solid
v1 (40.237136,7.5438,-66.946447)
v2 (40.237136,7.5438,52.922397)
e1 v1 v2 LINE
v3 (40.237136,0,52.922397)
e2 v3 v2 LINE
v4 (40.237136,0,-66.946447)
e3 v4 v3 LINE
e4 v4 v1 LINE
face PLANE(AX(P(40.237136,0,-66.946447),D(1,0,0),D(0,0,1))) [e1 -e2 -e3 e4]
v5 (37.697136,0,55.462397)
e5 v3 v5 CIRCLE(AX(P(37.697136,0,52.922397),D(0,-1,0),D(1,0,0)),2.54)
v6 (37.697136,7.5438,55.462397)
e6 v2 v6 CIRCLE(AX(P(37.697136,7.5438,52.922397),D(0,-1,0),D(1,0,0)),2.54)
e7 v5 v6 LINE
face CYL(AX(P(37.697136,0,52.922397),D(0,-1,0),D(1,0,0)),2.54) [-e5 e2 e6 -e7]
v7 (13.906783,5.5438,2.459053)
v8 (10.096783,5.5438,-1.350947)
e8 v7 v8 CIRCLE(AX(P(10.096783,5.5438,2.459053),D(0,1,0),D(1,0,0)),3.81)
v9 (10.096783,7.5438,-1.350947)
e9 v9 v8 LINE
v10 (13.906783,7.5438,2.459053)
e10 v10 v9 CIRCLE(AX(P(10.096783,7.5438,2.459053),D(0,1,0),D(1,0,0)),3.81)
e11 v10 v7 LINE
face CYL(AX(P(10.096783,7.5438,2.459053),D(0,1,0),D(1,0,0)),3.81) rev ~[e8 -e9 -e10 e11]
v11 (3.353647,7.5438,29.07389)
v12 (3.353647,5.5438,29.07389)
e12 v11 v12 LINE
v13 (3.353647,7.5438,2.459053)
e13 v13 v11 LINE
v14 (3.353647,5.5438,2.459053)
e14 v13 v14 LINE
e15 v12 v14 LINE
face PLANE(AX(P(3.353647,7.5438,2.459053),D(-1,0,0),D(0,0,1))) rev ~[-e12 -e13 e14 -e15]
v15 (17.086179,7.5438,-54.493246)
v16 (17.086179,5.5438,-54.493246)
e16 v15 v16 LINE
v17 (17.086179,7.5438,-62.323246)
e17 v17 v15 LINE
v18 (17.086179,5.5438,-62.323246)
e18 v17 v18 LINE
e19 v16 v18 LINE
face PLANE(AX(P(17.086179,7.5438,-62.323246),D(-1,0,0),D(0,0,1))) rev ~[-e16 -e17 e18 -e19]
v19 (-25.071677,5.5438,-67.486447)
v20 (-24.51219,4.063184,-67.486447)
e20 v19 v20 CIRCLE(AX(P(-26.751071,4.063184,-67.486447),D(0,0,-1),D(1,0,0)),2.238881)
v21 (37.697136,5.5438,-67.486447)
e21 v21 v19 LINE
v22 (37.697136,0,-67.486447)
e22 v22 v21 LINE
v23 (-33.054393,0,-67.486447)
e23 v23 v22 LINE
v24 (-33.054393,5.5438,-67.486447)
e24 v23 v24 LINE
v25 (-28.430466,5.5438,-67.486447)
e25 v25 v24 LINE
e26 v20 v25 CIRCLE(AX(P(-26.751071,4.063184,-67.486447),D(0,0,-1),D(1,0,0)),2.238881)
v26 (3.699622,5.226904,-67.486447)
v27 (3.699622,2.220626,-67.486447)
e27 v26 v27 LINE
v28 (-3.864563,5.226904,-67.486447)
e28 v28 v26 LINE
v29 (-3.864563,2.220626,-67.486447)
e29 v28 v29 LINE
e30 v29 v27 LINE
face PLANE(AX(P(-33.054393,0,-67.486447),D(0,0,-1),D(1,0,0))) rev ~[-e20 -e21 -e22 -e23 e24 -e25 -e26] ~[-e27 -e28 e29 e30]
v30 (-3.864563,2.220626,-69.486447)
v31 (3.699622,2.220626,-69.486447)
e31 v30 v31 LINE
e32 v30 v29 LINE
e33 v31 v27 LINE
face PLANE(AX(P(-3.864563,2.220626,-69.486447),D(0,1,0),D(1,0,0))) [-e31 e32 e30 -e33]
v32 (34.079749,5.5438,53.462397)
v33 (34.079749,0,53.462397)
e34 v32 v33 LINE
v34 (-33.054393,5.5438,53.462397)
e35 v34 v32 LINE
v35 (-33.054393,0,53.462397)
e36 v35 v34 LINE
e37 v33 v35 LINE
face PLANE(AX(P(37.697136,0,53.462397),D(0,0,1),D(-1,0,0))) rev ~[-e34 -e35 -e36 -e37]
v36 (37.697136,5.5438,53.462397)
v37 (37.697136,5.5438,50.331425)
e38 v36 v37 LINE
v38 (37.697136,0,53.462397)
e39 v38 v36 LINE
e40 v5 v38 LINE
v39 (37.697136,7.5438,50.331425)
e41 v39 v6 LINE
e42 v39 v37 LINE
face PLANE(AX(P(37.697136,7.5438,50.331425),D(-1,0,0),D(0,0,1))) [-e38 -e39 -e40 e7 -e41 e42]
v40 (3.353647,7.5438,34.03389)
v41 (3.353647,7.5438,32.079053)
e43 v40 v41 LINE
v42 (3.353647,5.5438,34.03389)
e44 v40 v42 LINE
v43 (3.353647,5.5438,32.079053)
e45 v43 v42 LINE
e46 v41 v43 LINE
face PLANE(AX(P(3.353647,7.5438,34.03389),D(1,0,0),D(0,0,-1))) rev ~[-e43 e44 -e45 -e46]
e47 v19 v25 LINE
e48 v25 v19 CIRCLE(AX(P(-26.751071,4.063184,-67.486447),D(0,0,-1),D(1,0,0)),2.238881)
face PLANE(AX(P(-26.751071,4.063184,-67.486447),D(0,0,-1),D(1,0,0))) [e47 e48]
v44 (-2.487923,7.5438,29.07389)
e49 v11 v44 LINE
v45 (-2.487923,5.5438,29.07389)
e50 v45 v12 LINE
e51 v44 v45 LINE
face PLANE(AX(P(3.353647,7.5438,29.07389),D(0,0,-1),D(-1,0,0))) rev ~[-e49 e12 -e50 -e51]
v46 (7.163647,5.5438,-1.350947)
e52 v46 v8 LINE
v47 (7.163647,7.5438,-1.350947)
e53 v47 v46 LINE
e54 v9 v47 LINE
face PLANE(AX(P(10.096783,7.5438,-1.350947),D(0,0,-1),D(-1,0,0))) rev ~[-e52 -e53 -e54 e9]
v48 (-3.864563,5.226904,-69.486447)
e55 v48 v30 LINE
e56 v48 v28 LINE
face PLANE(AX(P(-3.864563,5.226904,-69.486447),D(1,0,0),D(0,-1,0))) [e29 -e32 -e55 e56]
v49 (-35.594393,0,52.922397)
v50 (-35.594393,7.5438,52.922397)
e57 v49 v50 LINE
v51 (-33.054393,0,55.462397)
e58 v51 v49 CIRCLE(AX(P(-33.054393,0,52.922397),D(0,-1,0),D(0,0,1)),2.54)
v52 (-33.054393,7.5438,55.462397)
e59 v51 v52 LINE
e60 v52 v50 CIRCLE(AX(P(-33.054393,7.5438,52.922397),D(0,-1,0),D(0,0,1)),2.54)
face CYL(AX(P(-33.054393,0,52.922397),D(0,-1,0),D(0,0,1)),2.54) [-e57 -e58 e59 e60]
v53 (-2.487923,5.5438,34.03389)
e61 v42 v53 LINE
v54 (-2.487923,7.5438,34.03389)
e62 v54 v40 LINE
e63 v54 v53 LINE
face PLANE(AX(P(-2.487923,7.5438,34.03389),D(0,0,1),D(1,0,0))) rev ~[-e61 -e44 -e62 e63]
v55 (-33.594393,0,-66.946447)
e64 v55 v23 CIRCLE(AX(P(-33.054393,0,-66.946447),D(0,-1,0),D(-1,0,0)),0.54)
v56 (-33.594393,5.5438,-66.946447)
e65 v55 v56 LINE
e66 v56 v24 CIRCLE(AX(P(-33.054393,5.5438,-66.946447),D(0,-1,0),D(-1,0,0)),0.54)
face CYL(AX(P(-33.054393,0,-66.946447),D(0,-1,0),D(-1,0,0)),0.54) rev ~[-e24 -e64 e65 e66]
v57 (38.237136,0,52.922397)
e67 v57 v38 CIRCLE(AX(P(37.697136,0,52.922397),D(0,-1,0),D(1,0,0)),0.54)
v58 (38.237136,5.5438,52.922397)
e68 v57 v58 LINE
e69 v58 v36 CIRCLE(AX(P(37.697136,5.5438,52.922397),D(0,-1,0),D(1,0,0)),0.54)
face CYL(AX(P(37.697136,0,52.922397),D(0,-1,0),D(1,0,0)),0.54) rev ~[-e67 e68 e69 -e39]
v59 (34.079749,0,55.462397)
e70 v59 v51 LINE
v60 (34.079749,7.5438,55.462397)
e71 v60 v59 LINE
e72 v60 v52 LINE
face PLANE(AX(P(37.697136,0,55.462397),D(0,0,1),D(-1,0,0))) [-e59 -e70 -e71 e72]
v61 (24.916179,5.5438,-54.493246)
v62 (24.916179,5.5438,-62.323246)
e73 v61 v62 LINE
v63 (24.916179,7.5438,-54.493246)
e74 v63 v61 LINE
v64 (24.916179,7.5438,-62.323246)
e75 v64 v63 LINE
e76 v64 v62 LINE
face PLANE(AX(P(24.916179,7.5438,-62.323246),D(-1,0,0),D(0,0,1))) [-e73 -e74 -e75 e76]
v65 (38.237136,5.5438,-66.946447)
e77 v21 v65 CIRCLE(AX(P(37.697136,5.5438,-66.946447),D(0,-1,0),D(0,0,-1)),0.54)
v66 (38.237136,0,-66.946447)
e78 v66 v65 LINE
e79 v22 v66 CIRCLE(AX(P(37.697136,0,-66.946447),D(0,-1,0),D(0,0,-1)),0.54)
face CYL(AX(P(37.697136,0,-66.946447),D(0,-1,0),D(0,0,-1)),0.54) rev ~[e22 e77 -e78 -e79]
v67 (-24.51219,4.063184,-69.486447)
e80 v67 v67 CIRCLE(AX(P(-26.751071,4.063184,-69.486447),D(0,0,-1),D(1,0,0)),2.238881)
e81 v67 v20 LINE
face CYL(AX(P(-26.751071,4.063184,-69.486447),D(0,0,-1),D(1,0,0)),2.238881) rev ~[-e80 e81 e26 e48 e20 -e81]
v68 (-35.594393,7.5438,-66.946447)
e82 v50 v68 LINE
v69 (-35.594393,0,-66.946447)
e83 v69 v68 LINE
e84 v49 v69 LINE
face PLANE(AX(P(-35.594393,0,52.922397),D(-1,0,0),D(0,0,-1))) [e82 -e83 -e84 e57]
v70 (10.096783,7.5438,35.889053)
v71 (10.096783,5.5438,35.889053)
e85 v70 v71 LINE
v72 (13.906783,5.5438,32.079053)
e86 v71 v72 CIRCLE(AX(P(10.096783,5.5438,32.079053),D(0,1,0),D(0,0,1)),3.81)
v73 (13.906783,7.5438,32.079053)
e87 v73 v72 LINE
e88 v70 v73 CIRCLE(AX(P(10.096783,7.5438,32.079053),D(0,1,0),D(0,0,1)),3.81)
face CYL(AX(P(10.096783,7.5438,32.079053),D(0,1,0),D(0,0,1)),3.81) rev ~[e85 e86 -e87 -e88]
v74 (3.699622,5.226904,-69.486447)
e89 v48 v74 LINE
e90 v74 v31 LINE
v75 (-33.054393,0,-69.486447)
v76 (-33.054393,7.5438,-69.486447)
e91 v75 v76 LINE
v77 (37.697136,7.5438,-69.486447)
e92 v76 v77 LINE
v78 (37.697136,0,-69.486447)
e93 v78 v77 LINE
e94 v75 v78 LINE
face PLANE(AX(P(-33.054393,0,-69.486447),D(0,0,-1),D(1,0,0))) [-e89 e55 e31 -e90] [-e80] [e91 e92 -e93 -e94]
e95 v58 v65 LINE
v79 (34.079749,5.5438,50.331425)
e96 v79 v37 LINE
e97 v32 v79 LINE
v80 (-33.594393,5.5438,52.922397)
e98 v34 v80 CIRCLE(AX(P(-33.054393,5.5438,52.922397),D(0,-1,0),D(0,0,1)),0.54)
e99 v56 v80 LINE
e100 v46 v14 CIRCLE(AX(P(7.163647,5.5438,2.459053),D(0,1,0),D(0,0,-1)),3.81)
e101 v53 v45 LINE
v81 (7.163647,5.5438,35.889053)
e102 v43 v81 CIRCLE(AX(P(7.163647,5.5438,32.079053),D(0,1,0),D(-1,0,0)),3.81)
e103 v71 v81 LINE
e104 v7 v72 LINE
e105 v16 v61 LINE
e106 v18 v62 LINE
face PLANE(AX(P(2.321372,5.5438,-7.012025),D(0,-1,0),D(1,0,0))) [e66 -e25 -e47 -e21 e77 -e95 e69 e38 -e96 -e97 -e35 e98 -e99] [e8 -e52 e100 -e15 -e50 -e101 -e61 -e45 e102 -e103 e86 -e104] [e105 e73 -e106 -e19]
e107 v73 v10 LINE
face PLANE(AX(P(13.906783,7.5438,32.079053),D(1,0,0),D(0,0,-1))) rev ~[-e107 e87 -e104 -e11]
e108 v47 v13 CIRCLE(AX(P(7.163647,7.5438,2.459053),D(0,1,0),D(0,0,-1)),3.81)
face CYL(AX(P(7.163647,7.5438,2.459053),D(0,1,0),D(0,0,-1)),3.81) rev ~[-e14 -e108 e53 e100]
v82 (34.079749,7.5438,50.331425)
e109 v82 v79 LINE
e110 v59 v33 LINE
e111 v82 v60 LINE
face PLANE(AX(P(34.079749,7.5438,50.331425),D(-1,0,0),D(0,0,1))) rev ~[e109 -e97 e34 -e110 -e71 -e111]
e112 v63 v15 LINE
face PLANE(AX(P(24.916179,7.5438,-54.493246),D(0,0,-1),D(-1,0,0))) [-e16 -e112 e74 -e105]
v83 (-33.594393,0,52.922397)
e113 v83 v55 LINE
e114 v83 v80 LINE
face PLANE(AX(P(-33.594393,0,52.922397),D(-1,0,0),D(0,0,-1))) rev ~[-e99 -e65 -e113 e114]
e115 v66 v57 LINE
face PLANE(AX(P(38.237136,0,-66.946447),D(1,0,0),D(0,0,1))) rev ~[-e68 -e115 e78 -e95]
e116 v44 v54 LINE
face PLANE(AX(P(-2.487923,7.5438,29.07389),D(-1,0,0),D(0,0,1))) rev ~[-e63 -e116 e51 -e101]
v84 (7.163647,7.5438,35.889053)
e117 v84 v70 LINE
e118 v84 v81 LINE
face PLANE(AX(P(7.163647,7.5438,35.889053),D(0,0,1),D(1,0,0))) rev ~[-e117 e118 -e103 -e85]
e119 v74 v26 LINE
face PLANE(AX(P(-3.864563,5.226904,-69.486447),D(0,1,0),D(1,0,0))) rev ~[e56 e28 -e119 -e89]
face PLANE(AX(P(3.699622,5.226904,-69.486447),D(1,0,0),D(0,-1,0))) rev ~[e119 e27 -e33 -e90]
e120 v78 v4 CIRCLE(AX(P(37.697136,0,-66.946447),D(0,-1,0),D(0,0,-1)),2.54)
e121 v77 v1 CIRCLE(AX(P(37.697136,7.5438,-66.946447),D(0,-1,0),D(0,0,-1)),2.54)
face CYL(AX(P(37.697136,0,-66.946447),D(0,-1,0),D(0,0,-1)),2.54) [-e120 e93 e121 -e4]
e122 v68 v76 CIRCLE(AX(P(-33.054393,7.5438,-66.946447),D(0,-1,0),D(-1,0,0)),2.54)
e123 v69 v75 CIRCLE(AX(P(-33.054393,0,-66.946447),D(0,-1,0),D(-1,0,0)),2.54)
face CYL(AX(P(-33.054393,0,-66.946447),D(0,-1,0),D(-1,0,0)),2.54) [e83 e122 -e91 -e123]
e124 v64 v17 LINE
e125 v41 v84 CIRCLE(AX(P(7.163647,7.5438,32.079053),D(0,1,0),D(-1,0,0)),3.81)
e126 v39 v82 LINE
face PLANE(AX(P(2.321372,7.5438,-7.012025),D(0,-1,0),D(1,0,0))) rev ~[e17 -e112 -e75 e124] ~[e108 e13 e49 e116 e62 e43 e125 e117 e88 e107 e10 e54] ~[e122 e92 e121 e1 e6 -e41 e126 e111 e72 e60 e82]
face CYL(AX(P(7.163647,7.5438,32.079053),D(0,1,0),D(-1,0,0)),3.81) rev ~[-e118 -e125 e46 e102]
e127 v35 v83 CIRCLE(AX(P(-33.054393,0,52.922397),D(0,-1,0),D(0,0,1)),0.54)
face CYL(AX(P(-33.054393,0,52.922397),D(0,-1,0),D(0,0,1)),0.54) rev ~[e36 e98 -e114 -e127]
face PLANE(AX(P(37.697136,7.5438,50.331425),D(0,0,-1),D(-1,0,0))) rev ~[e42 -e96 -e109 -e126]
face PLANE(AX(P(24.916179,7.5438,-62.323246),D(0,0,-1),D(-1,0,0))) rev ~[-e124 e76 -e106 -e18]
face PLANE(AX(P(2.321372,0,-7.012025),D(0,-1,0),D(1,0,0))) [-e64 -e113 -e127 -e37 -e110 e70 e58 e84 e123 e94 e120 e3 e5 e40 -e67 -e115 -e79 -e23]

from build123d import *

# Parameters (mm, degrees)
F1_DEPTH = 7.5438
F4_T     = -2
F3_W     = 7.7331361671
F3_H     = 7.36
F3_W_2   = 3.617387048
F3_H_2   = 5.1309723878
F3_W_3   = 7.83
F3_H_3   = 7.83
F5_DEPTH = 50.8
F6_DEPTH = 25.4
F7_DEPTH = 50.8
F2_R     = 2.2388813648
F2_W     = 7.5641849544
F2_H     = 3.0062778387
F8_DEPTH = 2


with BuildPart() as f1:
    # F0 (on Front) → F1 (new body)
    with BuildSketch(Plane.XZ):
        with BuildLine():
            Line((37.6971361852, 55.4623973095), (-33.0543925679, 55.4623973095))
            ThreePointArc((-33.0543925679, 55.4623973095), (-34.8504437921, 54.7184485338), (-35.5943925679, 52.9223973095))
            Line((-35.5943925679, 52.9223973095), (-35.5943925679, -66.9464466786))
            ThreePointArc((-35.5943925679, -66.9464466786), (-34.8504437921, -68.7424979029), (-33.0543925679, -69.4864466786))
            Line((-33.0543925679, -69.4864466786), (37.6971361852, -69.4864466786))
            ThreePointArc((37.6971361852, -69.4864466786), (39.4931874094, -68.7424979029), (40.2371361852, -66.9464466786))
            Line((40.2371361852, -66.9464466786), (40.2371361852, 52.9223973095))
            ThreePointArc((40.2371361852, 52.9223973095), (39.4931874094, 54.7184485338), (37.6971361852, 55.4623973095))
        make_face()
    extrude(amount=-F1_DEPTH)

    # F4
    f4_openings = [f1.faces().sort_by_distance(p)[0] for p in [
        (2.321372, 0, -7.012025),
    ]]
    offset(amount=F4_T, openings=f4_openings)

    # F3 (on face) → F5 (cut)
    with BuildSketch(Plane(origin=(0, 7.5438, 0), x_dir=(-1, 0, 0), z_dir=(0, 1, 0))):
        with BuildLine():
            Line((-7.1636471725, 35.889052581), (-10.0967833396, 35.889052581))
            ThreePointArc((-10.0967833396, 35.889052581), (-12.7908601759, 34.7731294173), (-13.9067833396, 32.079052581))
            Line((-13.9067833396, 32.079052581), (-13.9067833396, 22.249052581))
            Line((-13.9067833396, 22.249052581), (-3.3536471725, 22.249052581))
            Line((-3.3536471725, 22.249052581), (-3.3536471725, 29.0738900152))
            Line((-3.3536471725, 29.0738900152), (-3.3536471725, 32.079052581))
            ThreePointArc((-3.3536471725, 32.079052581), (-4.4695703362, 34.7731294173), (-7.1636471725, 35.889052581))
        make_face()
        Polygon((-3.3536471725, 34.0338900152), (-3.3536471725, 32.079052581), (-3.3536471725, 29.0738900152), (2.4879228336, 29.0738900152), (2.4879228336, 34.0338900152), align=None)
        with BuildLine():
            Line((-3.3536471725, 22.249052581), (-13.9067833396, 22.249052581))
            Line((-13.9067833396, 22.249052581), (-13.9067833396, 2.459052581))
            ThreePointArc((-13.9067833396, 2.459052581), (-12.7908601759, -0.2350242554), (-10.0967833396, -1.350947419))
            Line((-10.0967833396, -1.350947419), (-7.1636471725, -1.350947419))
            ThreePointArc((-7.1636471725, -1.350947419), (-4.4695703362, -0.2350242554), (-3.3536471725, 2.459052581))
            Line((-3.3536471725, 2.459052581), (-3.3536471725, 22.249052581))
        make_face()
        with Locations((-8.630215256, 10.449052581)):
            Rectangle(F3_W, F3_H, mode=Mode.SUBTRACT)
        with Locations((-35.8884426612, 52.8969111156)):
            Rectangle(F3_W_2, F3_H_2)
        with Locations((-21.0011794782, -58.4082461512)):
            Rectangle(F3_W_3, F3_H_3)
    extrude(amount=-F5_DEPTH, mode=Mode.SUBTRACT)

    # F6 (add): a face of the model
    f6_faces = [f1.faces().sort_by_distance(p)[0] for p in [
        (8.630215256, 7.5438, 10.449052581),
    ]]
    extrude(f6_faces, amount=F6_DEPTH)

    # F7 (cut): a face of the model
    f7_faces = [f1.faces().sort_by_distance(p)[0] for p in [
        (8.630215256, 32.9438, 10.449052581),
    ]]
    extrude(f7_faces, amount=-F7_DEPTH, mode=Mode.SUBTRACT)

    # F2 (on face) → F8 (cut)
    with BuildSketch(Plane(origin=(0, 0, -69.4864466786), x_dir=(1, 0, 0), z_dir=(0, 0, -1))):
        with Locations((-26.7510712147, -4.0631839074)):
            Circle(F2_R)
        with Locations((-0.0824703602, -3.7237651413)):
            Rectangle(F2_W, F2_H)
    extrude(amount=-F8_DEPTH, mode=Mode.SUBTRACT)


solid = f1.part
